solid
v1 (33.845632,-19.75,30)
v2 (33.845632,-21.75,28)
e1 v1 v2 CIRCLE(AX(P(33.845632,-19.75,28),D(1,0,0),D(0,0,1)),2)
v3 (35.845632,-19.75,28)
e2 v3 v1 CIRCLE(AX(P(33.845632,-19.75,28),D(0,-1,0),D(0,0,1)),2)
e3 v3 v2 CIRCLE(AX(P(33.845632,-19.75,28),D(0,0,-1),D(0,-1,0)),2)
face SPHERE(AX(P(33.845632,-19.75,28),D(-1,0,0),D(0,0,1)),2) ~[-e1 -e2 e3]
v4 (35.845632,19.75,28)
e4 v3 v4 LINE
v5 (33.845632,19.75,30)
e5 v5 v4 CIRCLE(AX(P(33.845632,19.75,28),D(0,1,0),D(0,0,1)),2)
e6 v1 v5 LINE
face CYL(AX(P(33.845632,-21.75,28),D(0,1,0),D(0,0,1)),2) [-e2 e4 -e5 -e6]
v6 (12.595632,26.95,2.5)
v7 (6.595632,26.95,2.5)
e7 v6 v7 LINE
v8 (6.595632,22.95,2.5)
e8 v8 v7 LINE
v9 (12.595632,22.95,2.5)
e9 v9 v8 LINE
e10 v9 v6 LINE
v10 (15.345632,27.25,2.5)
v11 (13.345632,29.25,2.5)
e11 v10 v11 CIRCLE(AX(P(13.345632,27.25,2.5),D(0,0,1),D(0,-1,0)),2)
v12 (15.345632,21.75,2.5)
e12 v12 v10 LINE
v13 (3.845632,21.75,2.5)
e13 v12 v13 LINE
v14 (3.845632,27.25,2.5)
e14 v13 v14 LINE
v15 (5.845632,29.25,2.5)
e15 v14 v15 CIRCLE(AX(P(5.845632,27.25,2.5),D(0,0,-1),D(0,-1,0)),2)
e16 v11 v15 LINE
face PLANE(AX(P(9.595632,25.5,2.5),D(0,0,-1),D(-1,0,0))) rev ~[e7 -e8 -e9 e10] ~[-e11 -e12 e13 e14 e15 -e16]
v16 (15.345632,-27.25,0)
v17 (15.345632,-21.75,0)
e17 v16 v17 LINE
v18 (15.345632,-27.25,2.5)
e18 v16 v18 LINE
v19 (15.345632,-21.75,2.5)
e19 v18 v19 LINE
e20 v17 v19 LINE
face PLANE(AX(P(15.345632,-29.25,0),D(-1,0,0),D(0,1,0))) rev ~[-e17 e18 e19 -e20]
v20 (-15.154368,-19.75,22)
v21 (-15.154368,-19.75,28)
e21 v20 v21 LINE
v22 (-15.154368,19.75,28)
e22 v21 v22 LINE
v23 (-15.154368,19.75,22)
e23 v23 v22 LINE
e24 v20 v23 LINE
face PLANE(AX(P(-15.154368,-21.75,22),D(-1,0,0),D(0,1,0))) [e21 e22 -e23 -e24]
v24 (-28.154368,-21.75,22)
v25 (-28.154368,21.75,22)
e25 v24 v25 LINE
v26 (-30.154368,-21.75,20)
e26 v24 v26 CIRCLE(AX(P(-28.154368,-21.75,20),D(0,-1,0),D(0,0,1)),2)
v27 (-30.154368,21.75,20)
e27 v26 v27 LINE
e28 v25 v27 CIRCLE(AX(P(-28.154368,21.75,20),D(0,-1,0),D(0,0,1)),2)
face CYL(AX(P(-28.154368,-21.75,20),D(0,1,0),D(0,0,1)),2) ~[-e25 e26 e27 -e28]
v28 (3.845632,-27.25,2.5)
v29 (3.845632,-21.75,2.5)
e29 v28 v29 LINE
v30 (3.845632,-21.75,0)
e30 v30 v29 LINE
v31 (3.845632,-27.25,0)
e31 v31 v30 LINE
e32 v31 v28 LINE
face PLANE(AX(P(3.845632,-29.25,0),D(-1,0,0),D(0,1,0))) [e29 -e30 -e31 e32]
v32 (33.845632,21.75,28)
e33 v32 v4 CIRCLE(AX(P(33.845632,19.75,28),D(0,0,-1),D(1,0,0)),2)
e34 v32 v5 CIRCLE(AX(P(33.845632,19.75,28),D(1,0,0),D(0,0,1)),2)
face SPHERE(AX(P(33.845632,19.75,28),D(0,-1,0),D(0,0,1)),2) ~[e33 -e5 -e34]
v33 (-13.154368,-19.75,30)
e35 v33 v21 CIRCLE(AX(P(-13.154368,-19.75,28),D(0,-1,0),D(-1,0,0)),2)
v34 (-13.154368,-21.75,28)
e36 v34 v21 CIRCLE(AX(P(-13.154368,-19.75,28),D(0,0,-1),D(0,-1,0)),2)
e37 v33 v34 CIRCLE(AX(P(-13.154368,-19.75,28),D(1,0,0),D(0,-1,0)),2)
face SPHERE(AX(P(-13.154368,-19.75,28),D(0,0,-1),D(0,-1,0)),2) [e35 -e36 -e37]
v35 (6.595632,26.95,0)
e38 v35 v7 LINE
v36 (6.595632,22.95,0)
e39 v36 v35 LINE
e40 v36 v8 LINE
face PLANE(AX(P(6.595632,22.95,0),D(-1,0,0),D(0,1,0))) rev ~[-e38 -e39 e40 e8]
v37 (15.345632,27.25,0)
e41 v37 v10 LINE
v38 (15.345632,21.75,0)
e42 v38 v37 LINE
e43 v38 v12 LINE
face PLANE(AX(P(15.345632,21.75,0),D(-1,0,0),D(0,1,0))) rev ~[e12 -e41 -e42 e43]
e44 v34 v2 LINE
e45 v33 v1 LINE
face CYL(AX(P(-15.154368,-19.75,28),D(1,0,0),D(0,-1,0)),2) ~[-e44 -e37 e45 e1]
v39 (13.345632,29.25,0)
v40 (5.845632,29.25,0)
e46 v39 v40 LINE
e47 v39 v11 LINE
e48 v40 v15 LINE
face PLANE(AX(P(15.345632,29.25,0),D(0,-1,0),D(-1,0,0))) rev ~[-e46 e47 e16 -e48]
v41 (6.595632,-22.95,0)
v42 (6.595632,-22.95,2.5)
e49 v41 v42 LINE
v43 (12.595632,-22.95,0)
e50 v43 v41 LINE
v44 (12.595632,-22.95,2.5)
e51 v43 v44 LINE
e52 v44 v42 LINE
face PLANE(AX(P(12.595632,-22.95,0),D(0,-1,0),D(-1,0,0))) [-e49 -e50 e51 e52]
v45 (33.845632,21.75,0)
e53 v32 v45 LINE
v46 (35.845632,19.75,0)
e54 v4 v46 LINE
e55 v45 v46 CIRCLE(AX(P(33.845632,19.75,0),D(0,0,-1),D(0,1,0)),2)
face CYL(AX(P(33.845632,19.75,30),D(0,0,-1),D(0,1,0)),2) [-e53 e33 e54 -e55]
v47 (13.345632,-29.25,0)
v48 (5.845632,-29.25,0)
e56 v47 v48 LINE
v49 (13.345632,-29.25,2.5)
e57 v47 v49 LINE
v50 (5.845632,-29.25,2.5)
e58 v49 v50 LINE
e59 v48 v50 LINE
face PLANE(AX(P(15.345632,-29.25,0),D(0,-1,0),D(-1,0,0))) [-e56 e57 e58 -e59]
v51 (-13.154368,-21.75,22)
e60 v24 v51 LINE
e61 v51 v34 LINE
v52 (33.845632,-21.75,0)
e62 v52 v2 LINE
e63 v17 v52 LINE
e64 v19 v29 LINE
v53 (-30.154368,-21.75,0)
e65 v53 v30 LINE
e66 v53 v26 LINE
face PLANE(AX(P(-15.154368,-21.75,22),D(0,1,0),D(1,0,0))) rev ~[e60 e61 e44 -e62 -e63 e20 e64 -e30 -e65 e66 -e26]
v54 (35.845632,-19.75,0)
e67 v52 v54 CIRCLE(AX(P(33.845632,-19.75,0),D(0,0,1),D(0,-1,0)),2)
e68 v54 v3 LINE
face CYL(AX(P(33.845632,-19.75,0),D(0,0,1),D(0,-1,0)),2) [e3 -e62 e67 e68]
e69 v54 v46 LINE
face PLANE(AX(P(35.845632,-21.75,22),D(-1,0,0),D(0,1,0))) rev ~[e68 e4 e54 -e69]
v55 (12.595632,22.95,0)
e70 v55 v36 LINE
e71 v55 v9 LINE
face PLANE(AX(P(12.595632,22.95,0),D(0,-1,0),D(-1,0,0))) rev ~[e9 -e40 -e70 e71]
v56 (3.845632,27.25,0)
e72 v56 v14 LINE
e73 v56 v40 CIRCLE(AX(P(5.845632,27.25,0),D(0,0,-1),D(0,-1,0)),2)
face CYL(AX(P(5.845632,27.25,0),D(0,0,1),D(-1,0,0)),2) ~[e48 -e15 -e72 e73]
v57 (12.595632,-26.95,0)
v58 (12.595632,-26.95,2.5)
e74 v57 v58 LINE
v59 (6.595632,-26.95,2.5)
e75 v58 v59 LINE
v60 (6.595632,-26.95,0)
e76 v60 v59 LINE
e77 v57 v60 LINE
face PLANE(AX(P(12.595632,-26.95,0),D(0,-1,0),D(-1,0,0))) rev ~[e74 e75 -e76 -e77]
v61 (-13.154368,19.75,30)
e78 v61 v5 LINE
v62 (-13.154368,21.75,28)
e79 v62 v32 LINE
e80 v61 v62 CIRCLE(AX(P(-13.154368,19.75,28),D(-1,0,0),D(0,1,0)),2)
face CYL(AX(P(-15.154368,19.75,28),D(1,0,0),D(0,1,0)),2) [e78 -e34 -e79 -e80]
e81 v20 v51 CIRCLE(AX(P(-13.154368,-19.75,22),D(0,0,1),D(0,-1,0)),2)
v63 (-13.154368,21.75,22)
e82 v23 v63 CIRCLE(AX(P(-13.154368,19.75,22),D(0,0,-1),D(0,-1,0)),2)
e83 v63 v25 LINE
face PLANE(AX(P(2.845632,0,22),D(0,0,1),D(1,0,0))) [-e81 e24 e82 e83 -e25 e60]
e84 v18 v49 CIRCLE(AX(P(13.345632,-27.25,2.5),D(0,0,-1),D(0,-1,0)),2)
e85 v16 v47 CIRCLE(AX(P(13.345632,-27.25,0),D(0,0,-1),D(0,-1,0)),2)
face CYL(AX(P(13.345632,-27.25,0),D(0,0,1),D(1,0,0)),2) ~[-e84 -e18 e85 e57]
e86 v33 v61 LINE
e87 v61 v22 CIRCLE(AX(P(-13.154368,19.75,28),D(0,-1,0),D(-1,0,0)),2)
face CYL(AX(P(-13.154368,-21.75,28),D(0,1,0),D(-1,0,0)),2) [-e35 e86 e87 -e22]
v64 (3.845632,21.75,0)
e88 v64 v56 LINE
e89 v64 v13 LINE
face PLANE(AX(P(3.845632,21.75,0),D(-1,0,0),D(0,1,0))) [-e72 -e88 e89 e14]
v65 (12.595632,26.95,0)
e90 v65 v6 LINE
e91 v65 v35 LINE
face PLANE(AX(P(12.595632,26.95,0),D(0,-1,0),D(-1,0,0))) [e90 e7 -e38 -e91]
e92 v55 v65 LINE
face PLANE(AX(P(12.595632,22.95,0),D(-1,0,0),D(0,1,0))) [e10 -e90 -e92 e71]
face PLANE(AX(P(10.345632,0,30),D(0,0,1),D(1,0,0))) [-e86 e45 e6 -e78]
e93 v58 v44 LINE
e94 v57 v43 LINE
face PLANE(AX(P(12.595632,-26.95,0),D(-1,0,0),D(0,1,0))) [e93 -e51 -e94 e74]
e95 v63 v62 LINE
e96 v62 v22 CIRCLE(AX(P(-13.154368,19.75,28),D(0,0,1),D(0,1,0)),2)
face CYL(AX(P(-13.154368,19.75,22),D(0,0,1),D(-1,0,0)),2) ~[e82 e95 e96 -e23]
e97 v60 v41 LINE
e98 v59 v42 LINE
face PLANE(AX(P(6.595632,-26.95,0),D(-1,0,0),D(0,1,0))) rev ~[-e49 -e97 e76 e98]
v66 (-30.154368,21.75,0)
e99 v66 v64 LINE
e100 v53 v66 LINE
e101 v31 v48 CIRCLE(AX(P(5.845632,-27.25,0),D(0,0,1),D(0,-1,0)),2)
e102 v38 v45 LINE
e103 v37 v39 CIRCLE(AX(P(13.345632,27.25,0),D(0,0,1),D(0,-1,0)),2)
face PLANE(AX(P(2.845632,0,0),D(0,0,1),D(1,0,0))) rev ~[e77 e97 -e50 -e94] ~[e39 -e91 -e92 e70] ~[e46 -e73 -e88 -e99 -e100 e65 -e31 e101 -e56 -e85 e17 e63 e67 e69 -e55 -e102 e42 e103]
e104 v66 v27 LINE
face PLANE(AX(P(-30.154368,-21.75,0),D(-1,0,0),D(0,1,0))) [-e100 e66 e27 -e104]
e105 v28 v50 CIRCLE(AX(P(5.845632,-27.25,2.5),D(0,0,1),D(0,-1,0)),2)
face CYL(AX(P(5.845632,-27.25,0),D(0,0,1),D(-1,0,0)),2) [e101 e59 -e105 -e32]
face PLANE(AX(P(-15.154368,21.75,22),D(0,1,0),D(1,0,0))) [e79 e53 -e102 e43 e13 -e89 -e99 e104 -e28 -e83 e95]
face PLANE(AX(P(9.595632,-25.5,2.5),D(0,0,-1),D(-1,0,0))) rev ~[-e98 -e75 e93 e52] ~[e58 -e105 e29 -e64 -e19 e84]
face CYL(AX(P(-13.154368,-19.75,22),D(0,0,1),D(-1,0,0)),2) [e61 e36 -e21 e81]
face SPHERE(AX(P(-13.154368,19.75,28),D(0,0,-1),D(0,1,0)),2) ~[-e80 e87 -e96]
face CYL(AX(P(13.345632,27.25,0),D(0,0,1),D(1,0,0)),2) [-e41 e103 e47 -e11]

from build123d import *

# Parameters (mm, degrees)
ESQUISSE1_W        = 66
ESQUISSE1_H        = 43.5
BOSS_EXTRU_1_DEPTH = 22
ESQUISSE2_W        = 51
ESQUISSE2_H        = 43.5
BOSS_EXTRU_2_DEPTH = 8
ESQUISSE3_W        = 11.5
ESQUISSE3_H        = 7.5
ESQUISSE3_W_2      = 6
ESQUISSE3_H_2      = 4
BOSS_EXTRU_3_DEPTH = 2.5
CONG_1_R           = 2


with BuildPart() as part:
    # Esquisse1 → Boss.-Extru.1 (new body)
    with BuildSketch(Plane.XY):
        with Locations((2.845632419, 0)):
            Rectangle(ESQUISSE1_W, ESQUISSE1_H)
    extrude(amount=BOSS_EXTRU_1_DEPTH)

    # Esquisse2 → Boss.-Extru.2 (add)
    with BuildSketch(Plane.XY.offset(22)):
        with Locations((10.345632419, 0)):
            Rectangle(ESQUISSE2_W, ESQUISSE2_H)
    extrude(amount=BOSS_EXTRU_2_DEPTH)

    # Esquisse3 → Boss.-Extru.3 (add)
    # profile 1 of 2: a face of its own
    with BuildSketch(Plane(origin=(0, 0, 0), x_dir=(-1, 0, 0), z_dir=(0, 0, -1))):
        with Locations((-9.595632419, 25.5)):
            Rectangle(ESQUISSE3_W, ESQUISSE3_H)
        with Locations((-9.595632419, 24.95)):
            Rectangle(ESQUISSE3_W_2, ESQUISSE3_H_2, mode=Mode.SUBTRACT)
    # profile 2 of 2: a face of its own
    with BuildSketch(Plane(origin=(0, 0, 0), x_dir=(-1, 0, 0), z_dir=(0, 0, -1))):
        with Locations((-9.595632419, -25.5)):
            Rectangle(ESQUISSE3_W, ESQUISSE3_H)
        with Locations((-9.595632419, -24.95)):
            Rectangle(ESQUISSE3_W_2, ESQUISSE3_H_2, mode=Mode.SUBTRACT)
    extrude(amount=-BOSS_EXTRU_3_DEPTH)

    # Congé1
    cong_1_edges = [part.edges().sort_by_distance(p)[0] for p in [
        (-15.154367581, 21.75, 26),
        (-15.154367581, -21.75, 26),
        (10.345632419, -21.75, 30),
        (35.845632419, 0, 30),
        (10.345632419, 21.75, 30),
        (-15.154367581, 0, 30),
        (15.345632419, 29.25, 1.25),
        (3.845632419, 29.25, 1.25),
        (-30.154367581, 0, 22),
        (15.345632419, -29.25, 1.25),
        (3.845632419, -29.25, 1.25),
        (35.845632419, 21.75, 15),
        (35.845632419, -21.75, 15),
    ]]
    fillet(cong_1_edges, radius=CONG_1_R)


solid = part.part
